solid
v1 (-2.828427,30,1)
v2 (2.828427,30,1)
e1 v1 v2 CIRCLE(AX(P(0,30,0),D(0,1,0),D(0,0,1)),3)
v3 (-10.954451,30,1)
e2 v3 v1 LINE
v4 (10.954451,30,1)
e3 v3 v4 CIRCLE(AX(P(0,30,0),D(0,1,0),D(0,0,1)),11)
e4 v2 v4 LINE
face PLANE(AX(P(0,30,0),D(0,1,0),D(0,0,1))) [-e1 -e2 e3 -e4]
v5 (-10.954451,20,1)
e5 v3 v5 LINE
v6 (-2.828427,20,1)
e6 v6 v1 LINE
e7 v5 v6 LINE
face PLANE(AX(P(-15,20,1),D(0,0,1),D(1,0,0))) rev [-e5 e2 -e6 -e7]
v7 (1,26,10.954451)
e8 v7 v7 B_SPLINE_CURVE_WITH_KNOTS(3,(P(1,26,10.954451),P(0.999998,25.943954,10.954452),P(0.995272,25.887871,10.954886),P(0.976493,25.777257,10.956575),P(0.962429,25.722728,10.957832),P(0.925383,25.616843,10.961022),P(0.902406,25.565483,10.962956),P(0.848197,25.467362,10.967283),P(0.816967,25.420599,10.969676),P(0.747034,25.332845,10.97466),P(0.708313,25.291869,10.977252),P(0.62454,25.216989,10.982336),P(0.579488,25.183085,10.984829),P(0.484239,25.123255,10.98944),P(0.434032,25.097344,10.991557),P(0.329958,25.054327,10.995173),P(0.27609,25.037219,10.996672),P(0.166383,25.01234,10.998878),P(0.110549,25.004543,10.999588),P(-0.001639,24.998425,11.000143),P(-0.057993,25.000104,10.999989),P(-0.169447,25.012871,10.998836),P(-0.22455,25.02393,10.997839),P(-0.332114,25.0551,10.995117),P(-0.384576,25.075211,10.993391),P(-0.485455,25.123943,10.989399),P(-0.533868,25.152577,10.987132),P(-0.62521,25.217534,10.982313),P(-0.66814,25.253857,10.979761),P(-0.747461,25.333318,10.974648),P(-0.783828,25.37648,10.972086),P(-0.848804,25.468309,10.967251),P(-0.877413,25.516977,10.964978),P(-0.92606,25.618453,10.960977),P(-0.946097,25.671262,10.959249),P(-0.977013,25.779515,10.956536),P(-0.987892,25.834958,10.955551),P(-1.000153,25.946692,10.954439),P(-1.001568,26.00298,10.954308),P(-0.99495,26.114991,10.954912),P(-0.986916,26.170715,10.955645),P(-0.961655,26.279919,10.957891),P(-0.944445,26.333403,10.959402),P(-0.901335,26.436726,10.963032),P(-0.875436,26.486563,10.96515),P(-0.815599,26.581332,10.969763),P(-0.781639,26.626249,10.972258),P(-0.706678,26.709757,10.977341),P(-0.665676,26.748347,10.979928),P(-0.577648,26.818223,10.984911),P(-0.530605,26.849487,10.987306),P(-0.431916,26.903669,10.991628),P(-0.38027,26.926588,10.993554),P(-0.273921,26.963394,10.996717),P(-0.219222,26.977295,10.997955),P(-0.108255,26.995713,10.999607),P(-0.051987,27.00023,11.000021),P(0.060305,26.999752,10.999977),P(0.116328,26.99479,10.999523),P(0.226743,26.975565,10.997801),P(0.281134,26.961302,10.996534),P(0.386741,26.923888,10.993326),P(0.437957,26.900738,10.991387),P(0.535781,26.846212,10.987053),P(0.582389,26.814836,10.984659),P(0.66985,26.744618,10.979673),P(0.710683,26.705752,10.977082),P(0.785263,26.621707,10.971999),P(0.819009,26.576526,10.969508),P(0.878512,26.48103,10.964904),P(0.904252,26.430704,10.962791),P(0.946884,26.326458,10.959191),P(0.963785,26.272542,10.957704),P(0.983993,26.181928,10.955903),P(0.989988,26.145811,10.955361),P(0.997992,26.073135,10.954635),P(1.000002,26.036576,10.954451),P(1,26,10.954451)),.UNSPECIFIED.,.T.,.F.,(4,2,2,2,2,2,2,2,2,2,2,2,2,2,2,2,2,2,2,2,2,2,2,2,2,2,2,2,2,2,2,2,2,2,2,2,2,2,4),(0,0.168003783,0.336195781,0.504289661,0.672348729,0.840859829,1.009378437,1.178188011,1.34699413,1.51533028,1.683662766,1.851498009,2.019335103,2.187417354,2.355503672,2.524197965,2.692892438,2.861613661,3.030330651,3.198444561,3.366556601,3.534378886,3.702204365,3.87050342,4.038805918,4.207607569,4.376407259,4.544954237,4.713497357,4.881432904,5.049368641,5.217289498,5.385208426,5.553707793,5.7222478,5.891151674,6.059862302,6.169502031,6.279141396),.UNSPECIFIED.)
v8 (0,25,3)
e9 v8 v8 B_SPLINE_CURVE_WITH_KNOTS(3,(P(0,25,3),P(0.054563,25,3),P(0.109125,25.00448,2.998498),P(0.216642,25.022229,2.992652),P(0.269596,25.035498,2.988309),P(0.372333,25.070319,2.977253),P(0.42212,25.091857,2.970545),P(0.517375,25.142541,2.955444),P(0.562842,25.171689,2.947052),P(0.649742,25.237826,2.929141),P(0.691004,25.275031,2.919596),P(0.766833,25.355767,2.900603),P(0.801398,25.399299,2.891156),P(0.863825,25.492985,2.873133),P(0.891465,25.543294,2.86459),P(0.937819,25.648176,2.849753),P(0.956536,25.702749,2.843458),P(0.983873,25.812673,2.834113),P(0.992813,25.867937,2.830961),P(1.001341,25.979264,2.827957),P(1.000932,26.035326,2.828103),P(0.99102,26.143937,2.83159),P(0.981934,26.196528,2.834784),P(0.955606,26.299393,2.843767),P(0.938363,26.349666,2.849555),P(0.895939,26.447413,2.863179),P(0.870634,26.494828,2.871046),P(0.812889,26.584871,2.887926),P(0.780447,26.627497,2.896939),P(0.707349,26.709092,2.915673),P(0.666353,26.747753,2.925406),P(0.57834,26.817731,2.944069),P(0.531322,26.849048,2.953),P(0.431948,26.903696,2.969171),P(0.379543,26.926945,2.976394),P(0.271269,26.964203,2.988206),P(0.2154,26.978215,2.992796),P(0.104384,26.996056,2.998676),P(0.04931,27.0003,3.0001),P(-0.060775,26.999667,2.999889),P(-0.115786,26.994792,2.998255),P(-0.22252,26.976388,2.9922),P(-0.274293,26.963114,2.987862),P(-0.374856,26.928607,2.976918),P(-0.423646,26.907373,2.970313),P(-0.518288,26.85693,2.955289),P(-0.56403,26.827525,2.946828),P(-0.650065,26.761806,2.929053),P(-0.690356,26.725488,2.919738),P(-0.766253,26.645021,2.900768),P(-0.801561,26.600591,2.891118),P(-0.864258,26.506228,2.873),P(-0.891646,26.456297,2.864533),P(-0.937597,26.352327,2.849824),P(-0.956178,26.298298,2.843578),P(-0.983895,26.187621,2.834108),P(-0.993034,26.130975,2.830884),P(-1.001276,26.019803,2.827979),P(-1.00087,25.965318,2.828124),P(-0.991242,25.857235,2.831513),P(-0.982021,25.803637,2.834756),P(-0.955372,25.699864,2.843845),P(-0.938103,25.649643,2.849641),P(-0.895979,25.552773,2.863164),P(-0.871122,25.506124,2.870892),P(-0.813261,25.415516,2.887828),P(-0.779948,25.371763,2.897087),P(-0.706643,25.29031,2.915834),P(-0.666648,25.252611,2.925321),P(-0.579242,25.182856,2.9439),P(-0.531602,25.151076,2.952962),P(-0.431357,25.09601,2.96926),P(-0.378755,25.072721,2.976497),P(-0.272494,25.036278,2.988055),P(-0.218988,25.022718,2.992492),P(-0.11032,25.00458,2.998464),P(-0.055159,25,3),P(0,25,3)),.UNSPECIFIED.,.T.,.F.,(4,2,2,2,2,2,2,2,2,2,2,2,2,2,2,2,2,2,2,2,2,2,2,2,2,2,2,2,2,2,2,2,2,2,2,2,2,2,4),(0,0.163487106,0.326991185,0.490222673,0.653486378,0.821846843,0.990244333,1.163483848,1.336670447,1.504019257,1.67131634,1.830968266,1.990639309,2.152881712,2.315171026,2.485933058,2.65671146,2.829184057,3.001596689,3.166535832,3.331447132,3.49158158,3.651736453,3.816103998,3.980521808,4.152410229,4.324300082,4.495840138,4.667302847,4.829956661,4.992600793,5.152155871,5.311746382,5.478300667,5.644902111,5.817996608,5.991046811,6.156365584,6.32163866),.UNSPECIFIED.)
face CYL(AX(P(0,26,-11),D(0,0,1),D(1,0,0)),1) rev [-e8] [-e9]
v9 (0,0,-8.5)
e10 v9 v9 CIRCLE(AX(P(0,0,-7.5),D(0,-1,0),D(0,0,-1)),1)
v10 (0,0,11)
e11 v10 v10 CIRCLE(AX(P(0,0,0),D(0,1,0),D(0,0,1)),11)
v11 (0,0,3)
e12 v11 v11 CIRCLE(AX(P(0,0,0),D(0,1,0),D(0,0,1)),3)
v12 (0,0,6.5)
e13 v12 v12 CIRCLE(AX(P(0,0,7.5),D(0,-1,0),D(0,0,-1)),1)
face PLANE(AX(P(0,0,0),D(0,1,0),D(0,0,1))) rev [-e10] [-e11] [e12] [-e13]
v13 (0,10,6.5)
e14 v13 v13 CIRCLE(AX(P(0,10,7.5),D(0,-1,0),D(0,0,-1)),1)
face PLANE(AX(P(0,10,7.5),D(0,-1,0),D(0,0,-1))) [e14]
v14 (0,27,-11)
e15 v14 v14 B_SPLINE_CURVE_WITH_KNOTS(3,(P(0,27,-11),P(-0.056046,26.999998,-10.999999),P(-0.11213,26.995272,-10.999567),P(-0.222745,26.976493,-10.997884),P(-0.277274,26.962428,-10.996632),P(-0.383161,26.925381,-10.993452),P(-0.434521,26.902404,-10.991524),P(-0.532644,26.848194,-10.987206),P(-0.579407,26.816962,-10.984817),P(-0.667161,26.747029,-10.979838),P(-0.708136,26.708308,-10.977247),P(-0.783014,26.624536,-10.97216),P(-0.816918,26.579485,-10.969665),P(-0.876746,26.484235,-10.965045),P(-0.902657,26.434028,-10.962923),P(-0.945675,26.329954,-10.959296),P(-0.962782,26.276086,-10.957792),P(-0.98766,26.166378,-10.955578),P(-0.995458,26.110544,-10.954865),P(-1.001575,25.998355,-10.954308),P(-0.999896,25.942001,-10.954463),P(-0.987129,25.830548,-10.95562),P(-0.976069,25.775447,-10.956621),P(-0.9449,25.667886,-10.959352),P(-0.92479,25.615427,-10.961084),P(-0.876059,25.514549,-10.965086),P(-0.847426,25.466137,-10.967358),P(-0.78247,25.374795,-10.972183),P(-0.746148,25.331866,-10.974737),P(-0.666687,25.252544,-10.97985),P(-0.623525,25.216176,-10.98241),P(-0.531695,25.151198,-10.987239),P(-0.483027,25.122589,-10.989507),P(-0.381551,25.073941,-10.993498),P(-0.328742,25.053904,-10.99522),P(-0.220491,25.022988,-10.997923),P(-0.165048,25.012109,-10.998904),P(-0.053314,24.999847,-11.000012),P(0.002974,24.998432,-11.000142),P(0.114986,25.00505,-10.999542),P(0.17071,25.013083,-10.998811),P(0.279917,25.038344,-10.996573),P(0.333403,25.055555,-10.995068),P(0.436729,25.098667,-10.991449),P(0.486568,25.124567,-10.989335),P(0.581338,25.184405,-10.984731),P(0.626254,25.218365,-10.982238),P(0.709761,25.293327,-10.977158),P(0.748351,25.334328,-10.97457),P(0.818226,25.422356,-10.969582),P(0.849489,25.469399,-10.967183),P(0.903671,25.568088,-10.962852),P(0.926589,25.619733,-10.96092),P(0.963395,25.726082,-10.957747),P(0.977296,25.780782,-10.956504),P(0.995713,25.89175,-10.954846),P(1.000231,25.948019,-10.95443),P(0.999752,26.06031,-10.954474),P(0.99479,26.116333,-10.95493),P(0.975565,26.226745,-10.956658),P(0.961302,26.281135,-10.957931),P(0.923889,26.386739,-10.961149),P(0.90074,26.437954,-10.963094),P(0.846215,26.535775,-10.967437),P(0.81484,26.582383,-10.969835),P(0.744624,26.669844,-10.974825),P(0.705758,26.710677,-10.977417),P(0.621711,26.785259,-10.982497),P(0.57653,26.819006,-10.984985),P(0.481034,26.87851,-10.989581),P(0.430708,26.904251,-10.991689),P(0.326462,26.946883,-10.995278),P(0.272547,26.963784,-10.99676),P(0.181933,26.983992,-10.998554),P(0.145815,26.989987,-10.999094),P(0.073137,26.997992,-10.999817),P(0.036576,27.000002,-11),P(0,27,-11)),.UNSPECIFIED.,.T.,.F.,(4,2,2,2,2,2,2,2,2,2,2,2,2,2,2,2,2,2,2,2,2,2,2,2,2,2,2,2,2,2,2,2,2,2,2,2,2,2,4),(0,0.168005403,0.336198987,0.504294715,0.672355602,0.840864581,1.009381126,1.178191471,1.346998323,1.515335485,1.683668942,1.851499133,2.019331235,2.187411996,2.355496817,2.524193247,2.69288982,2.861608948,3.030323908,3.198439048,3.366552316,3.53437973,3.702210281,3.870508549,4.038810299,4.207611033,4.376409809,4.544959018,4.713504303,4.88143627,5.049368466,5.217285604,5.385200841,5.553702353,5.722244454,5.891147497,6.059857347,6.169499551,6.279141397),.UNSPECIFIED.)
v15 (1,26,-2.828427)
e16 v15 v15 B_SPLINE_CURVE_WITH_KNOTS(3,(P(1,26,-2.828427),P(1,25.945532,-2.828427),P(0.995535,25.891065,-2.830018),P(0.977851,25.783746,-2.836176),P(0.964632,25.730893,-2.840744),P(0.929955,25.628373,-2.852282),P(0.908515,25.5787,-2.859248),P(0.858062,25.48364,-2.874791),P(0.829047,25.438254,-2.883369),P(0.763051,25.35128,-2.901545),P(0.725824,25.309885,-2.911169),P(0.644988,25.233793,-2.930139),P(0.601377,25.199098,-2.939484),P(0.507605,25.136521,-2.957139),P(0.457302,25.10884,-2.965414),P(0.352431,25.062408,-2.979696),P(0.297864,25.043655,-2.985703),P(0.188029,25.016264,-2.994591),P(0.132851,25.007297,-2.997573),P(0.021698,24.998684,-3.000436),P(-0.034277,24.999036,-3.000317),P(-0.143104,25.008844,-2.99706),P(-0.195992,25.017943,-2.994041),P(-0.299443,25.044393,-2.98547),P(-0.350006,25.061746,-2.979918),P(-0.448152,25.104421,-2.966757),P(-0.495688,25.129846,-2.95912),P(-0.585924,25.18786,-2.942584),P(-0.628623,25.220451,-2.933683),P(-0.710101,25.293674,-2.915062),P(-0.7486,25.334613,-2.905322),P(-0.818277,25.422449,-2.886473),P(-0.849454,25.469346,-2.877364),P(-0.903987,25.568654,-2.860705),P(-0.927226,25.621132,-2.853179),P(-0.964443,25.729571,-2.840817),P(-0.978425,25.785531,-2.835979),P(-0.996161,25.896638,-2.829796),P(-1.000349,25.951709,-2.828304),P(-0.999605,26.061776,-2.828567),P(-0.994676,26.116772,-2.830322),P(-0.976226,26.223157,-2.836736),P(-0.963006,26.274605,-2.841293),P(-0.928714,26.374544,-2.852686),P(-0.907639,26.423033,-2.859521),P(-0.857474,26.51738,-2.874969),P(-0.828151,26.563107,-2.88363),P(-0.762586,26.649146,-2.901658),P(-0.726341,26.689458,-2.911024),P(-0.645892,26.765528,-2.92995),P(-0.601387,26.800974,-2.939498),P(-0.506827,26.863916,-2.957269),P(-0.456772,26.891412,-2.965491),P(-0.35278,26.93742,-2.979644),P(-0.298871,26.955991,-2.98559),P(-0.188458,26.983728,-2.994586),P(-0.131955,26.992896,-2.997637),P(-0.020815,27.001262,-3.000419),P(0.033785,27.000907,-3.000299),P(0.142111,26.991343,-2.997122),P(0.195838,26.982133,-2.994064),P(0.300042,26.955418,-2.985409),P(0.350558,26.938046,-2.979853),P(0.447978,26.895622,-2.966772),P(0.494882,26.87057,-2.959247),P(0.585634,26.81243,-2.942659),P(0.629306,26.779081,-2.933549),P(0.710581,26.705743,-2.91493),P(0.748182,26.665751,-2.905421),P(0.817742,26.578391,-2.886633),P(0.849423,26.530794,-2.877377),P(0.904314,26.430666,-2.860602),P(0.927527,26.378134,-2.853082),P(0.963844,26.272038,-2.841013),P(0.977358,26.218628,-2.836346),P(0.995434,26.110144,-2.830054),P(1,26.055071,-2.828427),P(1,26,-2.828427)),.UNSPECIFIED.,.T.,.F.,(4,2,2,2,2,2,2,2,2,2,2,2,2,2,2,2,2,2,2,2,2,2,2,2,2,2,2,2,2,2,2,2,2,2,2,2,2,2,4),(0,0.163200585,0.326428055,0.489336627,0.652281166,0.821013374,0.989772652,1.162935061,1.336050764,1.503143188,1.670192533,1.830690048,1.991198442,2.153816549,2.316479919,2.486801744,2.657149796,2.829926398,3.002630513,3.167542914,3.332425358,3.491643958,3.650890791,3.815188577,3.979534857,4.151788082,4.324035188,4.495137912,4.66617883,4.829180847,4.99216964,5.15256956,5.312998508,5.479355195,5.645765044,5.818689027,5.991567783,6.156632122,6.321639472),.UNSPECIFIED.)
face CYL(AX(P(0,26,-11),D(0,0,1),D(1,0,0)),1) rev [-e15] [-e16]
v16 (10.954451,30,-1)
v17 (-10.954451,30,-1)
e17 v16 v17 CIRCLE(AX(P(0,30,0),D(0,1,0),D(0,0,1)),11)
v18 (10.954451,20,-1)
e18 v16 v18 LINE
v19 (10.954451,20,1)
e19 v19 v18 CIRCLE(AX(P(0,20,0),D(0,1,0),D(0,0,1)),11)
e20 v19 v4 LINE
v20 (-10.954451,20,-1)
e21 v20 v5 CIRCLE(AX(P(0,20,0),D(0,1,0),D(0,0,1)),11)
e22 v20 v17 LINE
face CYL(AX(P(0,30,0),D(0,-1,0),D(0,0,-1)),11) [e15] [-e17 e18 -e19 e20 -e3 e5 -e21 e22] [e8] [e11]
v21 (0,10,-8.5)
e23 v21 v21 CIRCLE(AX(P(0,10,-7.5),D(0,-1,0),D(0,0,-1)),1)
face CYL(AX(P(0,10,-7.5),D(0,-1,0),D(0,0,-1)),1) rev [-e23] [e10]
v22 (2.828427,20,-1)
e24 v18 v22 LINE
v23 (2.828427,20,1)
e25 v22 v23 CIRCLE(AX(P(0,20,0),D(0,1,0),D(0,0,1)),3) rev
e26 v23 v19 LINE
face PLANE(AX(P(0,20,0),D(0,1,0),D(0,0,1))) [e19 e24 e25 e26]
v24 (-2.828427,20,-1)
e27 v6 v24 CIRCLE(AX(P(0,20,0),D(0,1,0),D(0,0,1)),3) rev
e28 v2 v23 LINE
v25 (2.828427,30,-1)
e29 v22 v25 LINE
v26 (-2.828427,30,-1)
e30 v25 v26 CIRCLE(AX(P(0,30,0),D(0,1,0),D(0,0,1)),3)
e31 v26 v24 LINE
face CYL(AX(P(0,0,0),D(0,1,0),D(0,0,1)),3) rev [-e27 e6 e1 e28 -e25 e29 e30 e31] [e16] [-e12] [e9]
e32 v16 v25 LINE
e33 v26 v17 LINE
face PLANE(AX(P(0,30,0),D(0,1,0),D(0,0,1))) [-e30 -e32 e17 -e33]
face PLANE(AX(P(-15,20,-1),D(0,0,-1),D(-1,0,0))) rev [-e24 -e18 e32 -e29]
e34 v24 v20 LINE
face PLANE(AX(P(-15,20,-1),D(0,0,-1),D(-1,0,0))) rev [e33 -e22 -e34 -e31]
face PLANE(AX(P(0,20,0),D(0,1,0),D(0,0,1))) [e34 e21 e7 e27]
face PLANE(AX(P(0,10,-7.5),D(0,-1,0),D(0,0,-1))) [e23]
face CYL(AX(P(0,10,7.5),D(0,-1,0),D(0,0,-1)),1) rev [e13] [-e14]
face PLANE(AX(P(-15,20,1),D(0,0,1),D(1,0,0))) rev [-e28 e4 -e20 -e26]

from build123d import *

# Parameters (mm, degrees)
SKIZZE1_R                            = 11
AUFSATZ_LINEAR_AUSTRAGEN1_DEPTH      = 30
SKIZZE2_R                            = 3
SCHNITT_LINEAR_AUSTRAGEN1_DEPTH      = 34.793490497
SKIZZE3_W                            = 30
SKIZZE3_H                            = 2
SCHNITT_LINEAR_AUSTRAGEN2_DEPTH      = 10
SCHNITT_LINEAR_AUSTRAGEN3_DEPTH      = 35.132096332
SCHNITT_LINEAR_AUSTRAGEN3_DEPTH_BACK = 35.132096332
SKIZZE4_R                            = 1
SKIZZE5_R                            = 1
SCHNITT_LINEAR_AUSTRAGEN4_DEPTH      = 10


with BuildPart() as part:
    # Skizze1 → Aufsatz-Linear austragen1 (new body)
    with BuildSketch(Plane(origin=(0, 0, 0), x_dir=(1, 0, 0), z_dir=(0, 1, 0))):
        with Locations(Location((0, 0, 0), (0, 0, 270))):
            Circle(SKIZZE1_R)
    extrude(amount=AUFSATZ_LINEAR_AUSTRAGEN1_DEPTH)

    # Skizze2 → Schnitt-Linear austragen1 (cut, through all)
    with BuildSketch(Plane(origin=(0, 30, 0), x_dir=(1, 0, 0), z_dir=(0, 1, 0))):
        with Locations(Location((0, 0, 0), (0, 0, 270))):
            Circle(SKIZZE2_R)
    extrude(amount=-SCHNITT_LINEAR_AUSTRAGEN1_DEPTH, mode=Mode.SUBTRACT)

    # Skizze3 → Schnitt-Linear austragen2 (cut)
    with BuildSketch(Plane(origin=(0, 30, 0), x_dir=(1, 0, 0), z_dir=(0, 1, 0))):
        Rectangle(SKIZZE3_W, SKIZZE3_H)
    extrude(amount=-SCHNITT_LINEAR_AUSTRAGEN2_DEPTH, mode=Mode.SUBTRACT)

    # Skizze4 → Schnitt-Linear austragen3 (cut, two sides: drawn at the far end of the back side and taken through both)
    with BuildSketch(Plane.XY.offset(-1).offset(-SCHNITT_LINEAR_AUSTRAGEN3_DEPTH_BACK)):
        with Locations((0, 26)):
            Circle(SKIZZE4_R)
    extrude(amount=SCHNITT_LINEAR_AUSTRAGEN3_DEPTH + SCHNITT_LINEAR_AUSTRAGEN3_DEPTH_BACK, mode=Mode.SUBTRACT)

    # Skizze5 → Schnitt-Linear austragen4 (cut)
    with BuildSketch(Plane.XZ):
        with Locations(Location((0, 7.5, 0), (0, 0, 270))):
            Circle(SKIZZE5_R)
        with Locations(Location((0, -7.5, 0), (0, 0, 270))):
            Circle(SKIZZE5_R)
    extrude(amount=-SCHNITT_LINEAR_AUSTRAGEN4_DEPTH, mode=Mode.SUBTRACT)


solid = part.part
